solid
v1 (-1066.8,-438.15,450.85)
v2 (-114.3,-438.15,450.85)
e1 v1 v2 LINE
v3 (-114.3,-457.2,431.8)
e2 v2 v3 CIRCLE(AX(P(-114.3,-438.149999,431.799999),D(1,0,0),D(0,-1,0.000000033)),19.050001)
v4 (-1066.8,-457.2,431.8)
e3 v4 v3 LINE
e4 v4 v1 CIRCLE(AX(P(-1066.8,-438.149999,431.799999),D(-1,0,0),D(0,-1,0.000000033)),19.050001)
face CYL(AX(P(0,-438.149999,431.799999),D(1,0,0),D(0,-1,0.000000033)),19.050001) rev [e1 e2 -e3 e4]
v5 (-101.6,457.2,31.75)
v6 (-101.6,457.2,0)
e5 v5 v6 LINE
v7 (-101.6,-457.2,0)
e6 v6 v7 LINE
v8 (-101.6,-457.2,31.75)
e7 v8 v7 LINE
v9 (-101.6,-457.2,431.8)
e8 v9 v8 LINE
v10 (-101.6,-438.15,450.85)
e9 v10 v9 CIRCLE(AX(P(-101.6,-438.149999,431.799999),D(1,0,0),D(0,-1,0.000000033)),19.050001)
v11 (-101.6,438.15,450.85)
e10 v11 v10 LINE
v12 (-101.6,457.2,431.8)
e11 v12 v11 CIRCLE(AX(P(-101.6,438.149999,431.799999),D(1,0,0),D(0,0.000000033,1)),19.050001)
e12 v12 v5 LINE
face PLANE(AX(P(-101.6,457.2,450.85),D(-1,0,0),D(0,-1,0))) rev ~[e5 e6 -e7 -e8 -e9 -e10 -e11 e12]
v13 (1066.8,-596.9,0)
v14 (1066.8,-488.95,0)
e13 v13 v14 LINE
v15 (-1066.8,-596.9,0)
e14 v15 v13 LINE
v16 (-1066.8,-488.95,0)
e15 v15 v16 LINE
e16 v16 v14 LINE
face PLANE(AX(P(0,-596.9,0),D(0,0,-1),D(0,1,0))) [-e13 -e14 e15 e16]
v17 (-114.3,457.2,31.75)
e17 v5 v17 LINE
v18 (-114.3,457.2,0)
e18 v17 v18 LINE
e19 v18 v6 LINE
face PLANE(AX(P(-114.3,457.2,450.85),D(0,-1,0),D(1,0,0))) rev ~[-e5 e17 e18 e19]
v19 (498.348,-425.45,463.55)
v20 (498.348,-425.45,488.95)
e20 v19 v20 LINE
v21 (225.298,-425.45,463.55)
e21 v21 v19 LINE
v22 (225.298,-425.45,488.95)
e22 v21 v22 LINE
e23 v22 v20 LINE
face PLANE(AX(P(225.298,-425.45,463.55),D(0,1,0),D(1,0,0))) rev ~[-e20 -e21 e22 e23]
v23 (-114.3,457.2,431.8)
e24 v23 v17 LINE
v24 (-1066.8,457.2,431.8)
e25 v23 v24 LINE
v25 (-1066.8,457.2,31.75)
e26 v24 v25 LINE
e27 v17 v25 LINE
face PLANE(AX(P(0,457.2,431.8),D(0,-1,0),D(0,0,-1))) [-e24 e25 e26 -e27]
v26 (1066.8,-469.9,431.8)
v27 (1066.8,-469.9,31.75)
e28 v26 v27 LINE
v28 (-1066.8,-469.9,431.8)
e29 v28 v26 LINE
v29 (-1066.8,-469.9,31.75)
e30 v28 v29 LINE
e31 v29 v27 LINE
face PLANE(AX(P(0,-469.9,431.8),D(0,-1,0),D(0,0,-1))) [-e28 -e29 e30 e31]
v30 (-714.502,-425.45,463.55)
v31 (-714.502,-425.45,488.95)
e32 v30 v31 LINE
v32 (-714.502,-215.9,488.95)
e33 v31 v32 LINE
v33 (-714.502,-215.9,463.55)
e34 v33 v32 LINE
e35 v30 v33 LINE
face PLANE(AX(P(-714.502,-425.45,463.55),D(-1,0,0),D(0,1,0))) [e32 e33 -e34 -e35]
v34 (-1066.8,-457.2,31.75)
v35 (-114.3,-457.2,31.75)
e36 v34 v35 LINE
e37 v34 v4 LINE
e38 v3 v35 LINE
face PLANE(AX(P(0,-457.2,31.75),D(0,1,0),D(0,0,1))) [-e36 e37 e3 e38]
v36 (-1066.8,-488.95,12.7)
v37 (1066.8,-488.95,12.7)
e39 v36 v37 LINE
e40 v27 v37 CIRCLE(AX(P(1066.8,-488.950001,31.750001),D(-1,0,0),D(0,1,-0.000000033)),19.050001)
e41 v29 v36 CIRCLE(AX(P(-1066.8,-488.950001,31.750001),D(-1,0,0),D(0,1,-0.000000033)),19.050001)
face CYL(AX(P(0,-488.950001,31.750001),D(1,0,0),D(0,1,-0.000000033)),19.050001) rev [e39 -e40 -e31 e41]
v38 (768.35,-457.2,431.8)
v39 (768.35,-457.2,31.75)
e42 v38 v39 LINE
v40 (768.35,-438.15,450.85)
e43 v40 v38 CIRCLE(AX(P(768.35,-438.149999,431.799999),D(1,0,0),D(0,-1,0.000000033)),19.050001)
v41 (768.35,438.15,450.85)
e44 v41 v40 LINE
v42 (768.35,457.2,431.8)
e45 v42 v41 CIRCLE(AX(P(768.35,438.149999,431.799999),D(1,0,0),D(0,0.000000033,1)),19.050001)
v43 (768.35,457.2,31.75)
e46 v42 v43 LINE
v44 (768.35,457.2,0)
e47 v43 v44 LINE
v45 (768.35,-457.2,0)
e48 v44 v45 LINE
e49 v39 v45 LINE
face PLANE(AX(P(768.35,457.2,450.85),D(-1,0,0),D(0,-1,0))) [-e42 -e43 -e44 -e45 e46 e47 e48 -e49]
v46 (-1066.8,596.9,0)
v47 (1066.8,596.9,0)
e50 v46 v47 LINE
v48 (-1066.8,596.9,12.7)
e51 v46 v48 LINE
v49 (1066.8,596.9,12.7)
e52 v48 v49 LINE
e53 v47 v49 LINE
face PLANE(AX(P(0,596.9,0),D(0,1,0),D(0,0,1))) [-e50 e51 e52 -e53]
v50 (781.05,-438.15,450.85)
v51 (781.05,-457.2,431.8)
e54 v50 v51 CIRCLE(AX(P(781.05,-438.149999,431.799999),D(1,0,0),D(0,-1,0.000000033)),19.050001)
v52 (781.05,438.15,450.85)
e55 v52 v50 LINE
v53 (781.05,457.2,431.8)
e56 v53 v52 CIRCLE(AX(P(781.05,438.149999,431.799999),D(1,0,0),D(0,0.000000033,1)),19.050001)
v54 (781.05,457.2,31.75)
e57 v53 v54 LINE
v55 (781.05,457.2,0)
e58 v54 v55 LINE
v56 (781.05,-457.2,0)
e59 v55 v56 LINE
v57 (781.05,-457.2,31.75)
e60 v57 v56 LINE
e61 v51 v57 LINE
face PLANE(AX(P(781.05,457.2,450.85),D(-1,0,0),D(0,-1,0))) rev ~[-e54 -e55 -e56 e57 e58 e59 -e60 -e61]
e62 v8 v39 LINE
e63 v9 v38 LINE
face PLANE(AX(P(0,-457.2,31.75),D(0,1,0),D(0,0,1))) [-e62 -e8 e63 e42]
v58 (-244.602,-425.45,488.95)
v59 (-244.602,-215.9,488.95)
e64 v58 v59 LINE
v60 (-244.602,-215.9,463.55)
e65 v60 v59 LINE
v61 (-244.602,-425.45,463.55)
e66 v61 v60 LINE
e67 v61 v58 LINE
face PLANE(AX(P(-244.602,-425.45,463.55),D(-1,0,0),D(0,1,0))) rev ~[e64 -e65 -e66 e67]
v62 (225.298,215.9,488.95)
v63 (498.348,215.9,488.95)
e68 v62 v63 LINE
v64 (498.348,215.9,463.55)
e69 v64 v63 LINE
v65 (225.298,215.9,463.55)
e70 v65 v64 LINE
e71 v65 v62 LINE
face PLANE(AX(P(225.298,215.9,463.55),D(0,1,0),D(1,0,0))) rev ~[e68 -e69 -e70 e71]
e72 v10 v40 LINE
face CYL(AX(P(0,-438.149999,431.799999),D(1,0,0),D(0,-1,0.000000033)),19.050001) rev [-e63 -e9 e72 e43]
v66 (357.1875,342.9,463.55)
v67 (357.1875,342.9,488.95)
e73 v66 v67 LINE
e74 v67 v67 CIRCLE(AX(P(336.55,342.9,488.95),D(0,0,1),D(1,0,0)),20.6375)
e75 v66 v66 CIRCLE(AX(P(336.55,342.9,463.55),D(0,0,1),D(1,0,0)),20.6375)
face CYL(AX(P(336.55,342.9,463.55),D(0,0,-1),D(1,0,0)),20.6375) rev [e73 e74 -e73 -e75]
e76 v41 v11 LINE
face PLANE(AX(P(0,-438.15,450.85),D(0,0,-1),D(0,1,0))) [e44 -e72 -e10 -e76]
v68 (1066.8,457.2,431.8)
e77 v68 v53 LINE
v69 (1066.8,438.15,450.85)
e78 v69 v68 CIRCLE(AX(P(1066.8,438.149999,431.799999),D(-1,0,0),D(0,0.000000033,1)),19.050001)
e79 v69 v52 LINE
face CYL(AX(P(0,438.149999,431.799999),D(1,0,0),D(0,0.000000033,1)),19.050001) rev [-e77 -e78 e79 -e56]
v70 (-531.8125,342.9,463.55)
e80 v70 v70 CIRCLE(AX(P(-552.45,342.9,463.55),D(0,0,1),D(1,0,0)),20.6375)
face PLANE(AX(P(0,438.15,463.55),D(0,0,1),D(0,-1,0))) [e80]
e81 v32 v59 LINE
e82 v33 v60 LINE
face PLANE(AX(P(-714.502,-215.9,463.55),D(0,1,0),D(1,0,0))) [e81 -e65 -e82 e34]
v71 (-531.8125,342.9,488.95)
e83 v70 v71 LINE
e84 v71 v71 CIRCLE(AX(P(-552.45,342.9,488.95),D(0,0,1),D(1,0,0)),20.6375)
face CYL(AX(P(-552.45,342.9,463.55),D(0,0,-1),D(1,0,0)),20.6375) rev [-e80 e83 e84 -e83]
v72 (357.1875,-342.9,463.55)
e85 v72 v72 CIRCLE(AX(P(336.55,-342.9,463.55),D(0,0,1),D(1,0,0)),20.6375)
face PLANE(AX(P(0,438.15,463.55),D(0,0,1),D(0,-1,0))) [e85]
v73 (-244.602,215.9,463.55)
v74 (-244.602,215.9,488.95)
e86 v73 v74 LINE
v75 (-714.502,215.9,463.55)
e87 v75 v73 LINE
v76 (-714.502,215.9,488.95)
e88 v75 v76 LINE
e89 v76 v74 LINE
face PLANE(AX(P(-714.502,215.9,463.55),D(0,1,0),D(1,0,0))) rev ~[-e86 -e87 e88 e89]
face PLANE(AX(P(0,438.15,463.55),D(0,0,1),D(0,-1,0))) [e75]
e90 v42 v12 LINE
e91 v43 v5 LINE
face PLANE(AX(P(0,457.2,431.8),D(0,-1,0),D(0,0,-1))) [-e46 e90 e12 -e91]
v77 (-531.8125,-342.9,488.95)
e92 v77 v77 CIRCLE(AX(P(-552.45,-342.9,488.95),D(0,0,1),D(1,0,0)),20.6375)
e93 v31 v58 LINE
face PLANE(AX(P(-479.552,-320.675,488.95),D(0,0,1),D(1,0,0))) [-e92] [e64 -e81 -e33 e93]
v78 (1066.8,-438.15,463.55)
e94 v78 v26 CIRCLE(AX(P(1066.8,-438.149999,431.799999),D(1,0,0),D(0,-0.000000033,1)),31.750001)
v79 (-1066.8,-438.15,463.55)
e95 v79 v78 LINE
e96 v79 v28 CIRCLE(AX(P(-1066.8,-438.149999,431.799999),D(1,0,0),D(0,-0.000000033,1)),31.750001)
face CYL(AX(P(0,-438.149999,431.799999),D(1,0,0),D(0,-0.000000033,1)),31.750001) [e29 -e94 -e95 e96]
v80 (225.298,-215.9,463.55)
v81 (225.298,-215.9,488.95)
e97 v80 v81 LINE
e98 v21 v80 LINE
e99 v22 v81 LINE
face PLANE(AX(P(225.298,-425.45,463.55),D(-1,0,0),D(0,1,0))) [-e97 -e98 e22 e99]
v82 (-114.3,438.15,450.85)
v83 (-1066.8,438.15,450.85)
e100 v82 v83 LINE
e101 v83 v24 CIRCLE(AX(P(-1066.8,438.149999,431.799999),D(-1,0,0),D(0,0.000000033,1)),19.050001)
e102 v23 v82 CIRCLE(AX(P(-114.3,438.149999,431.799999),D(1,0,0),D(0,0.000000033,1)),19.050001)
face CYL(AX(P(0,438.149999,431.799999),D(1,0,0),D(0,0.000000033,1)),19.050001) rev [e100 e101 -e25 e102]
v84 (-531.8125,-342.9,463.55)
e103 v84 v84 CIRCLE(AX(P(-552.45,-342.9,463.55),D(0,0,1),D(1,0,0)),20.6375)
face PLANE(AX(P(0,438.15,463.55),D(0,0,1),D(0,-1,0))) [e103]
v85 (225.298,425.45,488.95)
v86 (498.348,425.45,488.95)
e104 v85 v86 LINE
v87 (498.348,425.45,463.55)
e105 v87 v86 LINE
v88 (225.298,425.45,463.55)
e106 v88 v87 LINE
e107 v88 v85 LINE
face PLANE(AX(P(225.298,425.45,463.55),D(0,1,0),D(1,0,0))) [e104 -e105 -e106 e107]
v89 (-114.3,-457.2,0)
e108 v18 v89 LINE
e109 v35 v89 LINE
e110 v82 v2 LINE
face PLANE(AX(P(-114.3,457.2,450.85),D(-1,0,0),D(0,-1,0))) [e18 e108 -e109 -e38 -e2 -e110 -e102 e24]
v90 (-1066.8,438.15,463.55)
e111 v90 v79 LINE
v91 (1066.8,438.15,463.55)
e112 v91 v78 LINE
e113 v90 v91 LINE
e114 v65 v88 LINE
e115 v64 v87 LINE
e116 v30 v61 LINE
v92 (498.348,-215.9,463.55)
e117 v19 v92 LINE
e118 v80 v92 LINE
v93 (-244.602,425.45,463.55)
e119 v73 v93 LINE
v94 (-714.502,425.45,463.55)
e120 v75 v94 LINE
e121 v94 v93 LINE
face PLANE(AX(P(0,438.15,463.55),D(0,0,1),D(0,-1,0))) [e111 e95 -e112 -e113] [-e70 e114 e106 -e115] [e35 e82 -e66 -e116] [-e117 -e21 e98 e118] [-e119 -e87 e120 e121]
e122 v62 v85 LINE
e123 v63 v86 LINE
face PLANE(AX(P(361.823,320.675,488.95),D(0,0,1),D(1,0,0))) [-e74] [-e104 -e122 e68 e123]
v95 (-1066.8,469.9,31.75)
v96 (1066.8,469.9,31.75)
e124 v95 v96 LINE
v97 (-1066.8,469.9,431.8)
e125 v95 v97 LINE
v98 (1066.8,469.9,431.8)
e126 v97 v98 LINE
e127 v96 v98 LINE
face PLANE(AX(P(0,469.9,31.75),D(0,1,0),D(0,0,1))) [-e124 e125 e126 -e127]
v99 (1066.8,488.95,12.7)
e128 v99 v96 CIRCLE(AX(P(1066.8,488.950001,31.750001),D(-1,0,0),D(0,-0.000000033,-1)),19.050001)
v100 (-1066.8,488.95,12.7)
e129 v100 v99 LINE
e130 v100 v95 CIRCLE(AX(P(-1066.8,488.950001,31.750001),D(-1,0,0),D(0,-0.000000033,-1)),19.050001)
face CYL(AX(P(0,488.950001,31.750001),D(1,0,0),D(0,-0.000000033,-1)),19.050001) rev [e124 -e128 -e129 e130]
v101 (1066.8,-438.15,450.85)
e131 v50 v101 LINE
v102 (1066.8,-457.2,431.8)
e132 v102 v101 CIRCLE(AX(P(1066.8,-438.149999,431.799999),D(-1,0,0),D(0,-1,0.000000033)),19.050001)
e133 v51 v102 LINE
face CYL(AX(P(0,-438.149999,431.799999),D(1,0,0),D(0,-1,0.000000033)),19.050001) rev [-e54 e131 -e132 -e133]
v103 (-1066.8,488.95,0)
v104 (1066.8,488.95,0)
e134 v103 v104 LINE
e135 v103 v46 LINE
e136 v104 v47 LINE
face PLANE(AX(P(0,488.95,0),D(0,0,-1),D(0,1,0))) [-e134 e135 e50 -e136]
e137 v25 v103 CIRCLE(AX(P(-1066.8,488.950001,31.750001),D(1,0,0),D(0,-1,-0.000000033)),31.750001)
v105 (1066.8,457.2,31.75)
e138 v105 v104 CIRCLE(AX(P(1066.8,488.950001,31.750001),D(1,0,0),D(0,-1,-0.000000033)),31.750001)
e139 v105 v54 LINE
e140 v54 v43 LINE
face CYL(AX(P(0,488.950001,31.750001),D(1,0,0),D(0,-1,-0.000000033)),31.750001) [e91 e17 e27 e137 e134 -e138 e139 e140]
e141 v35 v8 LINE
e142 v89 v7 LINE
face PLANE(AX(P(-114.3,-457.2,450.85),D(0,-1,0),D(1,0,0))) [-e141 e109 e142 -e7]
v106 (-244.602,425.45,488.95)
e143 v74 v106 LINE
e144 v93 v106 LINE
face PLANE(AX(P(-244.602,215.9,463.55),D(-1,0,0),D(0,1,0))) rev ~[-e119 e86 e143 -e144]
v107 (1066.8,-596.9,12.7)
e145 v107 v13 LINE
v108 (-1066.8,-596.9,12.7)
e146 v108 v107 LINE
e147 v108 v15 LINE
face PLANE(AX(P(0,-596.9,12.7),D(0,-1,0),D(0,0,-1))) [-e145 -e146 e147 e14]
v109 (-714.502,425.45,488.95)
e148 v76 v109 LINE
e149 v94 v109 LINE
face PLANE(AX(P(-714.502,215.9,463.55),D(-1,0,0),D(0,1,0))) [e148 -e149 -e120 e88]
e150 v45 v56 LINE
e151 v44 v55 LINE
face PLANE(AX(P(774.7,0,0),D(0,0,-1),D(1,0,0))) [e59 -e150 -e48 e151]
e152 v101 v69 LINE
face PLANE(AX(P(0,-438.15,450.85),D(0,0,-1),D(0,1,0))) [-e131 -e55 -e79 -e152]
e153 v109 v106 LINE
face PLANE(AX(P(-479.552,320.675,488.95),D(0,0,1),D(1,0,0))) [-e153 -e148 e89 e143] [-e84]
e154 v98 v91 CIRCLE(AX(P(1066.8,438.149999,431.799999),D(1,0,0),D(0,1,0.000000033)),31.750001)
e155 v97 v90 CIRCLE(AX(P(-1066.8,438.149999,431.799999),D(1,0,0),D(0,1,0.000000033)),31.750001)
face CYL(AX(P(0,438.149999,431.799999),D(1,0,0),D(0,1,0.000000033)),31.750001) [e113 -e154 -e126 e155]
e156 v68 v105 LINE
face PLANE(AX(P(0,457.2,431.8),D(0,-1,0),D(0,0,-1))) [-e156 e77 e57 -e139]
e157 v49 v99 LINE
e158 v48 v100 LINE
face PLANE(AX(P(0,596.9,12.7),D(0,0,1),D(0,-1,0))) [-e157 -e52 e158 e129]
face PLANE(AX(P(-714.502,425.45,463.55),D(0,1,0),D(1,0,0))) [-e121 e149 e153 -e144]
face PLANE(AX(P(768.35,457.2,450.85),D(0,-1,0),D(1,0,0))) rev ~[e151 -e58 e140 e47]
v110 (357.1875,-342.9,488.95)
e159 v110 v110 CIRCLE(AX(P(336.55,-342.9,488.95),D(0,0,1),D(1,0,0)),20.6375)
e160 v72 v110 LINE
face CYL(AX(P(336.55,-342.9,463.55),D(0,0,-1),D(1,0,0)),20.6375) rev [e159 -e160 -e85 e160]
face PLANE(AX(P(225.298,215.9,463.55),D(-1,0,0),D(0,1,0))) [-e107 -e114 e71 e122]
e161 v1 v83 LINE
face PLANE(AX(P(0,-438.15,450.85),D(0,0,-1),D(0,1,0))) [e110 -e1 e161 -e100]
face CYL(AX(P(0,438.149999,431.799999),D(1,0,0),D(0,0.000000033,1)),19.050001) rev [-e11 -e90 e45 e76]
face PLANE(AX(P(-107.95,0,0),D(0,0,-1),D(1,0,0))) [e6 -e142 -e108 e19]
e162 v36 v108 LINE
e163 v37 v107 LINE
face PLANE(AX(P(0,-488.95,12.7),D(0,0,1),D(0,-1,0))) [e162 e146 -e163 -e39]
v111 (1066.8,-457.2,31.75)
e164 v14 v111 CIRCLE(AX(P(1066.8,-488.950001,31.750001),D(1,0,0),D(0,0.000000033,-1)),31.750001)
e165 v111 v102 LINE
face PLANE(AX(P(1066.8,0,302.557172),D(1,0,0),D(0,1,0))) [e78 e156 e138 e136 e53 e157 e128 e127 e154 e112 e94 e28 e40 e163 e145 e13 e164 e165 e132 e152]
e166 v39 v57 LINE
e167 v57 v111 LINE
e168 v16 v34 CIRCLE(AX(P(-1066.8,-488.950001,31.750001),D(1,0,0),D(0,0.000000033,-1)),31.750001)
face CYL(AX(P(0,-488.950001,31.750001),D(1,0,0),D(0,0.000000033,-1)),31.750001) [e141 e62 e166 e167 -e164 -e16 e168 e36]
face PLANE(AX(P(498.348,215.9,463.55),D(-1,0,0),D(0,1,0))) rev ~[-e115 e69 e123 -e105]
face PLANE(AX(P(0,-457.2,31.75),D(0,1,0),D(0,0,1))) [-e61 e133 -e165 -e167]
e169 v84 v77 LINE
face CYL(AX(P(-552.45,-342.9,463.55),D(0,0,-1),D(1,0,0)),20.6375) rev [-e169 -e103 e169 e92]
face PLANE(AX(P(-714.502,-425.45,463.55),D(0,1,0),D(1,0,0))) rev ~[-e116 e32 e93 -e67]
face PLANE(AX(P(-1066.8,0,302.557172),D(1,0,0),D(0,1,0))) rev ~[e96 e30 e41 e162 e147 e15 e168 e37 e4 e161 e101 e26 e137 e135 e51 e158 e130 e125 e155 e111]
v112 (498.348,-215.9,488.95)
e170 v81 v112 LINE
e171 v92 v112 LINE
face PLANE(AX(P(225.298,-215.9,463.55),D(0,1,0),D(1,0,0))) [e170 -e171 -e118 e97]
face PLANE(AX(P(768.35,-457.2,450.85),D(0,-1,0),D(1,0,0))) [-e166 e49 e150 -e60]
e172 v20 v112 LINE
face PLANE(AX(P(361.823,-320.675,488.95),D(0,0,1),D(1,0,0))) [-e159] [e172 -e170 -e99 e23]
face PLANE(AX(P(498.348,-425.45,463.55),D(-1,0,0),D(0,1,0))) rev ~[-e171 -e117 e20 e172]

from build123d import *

# Parameters (mm, degrees)
F1_DEPTH = 1066.8
F2_W     = 12.7
F2_H     = 914.4
F3_DEPTH = 450.85
F4_W     = 469.9
F4_H     = 209.55
F4_R     = 20.6375
F4_W_2   = 273.05
F5_DEPTH = 25.4


with BuildPart() as f1:
    # F0 (on Right) → F1 (new body, symmetric)
    with BuildSketch(Plane.YZ):
        with BuildLine():
            ThreePointArc((457.2, 31.75), (466.49936, 9.29936), (488.95, 0))
            Line((488.95, 0), (596.9, 0))
            Line((596.9, 0), (596.9, 12.7))
            Line((596.9, 12.7), (488.95, 12.7))
            ThreePointArc((488.95, 12.7), (475.479616, 18.279616), (469.9, 31.75))
            Line((469.9, 31.75), (469.9, 431.8))
            ThreePointArc((469.9, 431.8), (460.60064, 454.25064), (438.15, 463.55))
            Line((438.15, 463.55), (0, 463.55))
            Line((0, 463.55), (-438.15, 463.55))
            ThreePointArc((-438.15, 463.55), (-460.60064, 454.25064), (-469.9, 431.8))
            Line((-469.9, 431.8), (-469.9, 31.75))
            ThreePointArc((-469.9, 31.75), (-475.479616, 18.279616), (-488.95, 12.7))
            Line((-488.95, 12.7), (-596.9, 12.7))
            Line((-596.9, 12.7), (-596.9, 0))
            Line((-596.9, 0), (-488.95, 0))
            ThreePointArc((-488.95, 0), (-466.49936, 9.29936), (-457.2, 31.75))
            Line((-457.2, 31.75), (-457.2, 431.8))
            ThreePointArc((-457.2, 431.8), (-451.620384, 445.270384), (-438.15, 450.85))
            Line((-438.15, 450.85), (0, 450.85))
            Line((0, 450.85), (438.15, 450.85))
            ThreePointArc((438.15, 450.85), (451.620384, 445.270384), (457.2, 431.8))
            Line((457.2, 431.8), (457.2, 31.75))
        make_face()
    extrude(amount=F1_DEPTH, both=True)

    # F2 (on face) → F3 (join, through all)
    with BuildSketch(Plane(origin=(0, 0, 450.85), x_dir=(1, 0, 0), z_dir=(0, 0, -1))):
        with Locations((-107.95, 0)):
            Rectangle(F2_W, F2_H)
        with Locations((774.7, 0)):
            Rectangle(F2_W, F2_H)
    extrude(amount=F3_DEPTH)

    # F4 (on face) → F5 (join)
    with BuildSketch(Plane.XY.offset(463.55)):
        with Locations((-479.552, 320.675)):
            Rectangle(F4_W, F4_H)
        with Locations((-552.45, 342.9)):
            Circle(F4_R, mode=Mode.SUBTRACT)
        with Locations((361.823, 320.675)):
            Rectangle(F4_W_2, F4_H)
        with Locations((336.55, 342.9)):
            Circle(F4_R, mode=Mode.SUBTRACT)
        with Locations((361.823, -320.675)):
            Rectangle(F4_W_2, F4_H)
        with Locations((336.55, -342.9)):
            Circle(F4_R, mode=Mode.SUBTRACT)
        with Locations((-479.552, -320.675)):
            Rectangle(F4_W, F4_H)
        with Locations((-552.45, -342.9)):
            Circle(F4_R, mode=Mode.SUBTRACT)
    extrude(amount=F5_DEPTH)


solid = f1.part
